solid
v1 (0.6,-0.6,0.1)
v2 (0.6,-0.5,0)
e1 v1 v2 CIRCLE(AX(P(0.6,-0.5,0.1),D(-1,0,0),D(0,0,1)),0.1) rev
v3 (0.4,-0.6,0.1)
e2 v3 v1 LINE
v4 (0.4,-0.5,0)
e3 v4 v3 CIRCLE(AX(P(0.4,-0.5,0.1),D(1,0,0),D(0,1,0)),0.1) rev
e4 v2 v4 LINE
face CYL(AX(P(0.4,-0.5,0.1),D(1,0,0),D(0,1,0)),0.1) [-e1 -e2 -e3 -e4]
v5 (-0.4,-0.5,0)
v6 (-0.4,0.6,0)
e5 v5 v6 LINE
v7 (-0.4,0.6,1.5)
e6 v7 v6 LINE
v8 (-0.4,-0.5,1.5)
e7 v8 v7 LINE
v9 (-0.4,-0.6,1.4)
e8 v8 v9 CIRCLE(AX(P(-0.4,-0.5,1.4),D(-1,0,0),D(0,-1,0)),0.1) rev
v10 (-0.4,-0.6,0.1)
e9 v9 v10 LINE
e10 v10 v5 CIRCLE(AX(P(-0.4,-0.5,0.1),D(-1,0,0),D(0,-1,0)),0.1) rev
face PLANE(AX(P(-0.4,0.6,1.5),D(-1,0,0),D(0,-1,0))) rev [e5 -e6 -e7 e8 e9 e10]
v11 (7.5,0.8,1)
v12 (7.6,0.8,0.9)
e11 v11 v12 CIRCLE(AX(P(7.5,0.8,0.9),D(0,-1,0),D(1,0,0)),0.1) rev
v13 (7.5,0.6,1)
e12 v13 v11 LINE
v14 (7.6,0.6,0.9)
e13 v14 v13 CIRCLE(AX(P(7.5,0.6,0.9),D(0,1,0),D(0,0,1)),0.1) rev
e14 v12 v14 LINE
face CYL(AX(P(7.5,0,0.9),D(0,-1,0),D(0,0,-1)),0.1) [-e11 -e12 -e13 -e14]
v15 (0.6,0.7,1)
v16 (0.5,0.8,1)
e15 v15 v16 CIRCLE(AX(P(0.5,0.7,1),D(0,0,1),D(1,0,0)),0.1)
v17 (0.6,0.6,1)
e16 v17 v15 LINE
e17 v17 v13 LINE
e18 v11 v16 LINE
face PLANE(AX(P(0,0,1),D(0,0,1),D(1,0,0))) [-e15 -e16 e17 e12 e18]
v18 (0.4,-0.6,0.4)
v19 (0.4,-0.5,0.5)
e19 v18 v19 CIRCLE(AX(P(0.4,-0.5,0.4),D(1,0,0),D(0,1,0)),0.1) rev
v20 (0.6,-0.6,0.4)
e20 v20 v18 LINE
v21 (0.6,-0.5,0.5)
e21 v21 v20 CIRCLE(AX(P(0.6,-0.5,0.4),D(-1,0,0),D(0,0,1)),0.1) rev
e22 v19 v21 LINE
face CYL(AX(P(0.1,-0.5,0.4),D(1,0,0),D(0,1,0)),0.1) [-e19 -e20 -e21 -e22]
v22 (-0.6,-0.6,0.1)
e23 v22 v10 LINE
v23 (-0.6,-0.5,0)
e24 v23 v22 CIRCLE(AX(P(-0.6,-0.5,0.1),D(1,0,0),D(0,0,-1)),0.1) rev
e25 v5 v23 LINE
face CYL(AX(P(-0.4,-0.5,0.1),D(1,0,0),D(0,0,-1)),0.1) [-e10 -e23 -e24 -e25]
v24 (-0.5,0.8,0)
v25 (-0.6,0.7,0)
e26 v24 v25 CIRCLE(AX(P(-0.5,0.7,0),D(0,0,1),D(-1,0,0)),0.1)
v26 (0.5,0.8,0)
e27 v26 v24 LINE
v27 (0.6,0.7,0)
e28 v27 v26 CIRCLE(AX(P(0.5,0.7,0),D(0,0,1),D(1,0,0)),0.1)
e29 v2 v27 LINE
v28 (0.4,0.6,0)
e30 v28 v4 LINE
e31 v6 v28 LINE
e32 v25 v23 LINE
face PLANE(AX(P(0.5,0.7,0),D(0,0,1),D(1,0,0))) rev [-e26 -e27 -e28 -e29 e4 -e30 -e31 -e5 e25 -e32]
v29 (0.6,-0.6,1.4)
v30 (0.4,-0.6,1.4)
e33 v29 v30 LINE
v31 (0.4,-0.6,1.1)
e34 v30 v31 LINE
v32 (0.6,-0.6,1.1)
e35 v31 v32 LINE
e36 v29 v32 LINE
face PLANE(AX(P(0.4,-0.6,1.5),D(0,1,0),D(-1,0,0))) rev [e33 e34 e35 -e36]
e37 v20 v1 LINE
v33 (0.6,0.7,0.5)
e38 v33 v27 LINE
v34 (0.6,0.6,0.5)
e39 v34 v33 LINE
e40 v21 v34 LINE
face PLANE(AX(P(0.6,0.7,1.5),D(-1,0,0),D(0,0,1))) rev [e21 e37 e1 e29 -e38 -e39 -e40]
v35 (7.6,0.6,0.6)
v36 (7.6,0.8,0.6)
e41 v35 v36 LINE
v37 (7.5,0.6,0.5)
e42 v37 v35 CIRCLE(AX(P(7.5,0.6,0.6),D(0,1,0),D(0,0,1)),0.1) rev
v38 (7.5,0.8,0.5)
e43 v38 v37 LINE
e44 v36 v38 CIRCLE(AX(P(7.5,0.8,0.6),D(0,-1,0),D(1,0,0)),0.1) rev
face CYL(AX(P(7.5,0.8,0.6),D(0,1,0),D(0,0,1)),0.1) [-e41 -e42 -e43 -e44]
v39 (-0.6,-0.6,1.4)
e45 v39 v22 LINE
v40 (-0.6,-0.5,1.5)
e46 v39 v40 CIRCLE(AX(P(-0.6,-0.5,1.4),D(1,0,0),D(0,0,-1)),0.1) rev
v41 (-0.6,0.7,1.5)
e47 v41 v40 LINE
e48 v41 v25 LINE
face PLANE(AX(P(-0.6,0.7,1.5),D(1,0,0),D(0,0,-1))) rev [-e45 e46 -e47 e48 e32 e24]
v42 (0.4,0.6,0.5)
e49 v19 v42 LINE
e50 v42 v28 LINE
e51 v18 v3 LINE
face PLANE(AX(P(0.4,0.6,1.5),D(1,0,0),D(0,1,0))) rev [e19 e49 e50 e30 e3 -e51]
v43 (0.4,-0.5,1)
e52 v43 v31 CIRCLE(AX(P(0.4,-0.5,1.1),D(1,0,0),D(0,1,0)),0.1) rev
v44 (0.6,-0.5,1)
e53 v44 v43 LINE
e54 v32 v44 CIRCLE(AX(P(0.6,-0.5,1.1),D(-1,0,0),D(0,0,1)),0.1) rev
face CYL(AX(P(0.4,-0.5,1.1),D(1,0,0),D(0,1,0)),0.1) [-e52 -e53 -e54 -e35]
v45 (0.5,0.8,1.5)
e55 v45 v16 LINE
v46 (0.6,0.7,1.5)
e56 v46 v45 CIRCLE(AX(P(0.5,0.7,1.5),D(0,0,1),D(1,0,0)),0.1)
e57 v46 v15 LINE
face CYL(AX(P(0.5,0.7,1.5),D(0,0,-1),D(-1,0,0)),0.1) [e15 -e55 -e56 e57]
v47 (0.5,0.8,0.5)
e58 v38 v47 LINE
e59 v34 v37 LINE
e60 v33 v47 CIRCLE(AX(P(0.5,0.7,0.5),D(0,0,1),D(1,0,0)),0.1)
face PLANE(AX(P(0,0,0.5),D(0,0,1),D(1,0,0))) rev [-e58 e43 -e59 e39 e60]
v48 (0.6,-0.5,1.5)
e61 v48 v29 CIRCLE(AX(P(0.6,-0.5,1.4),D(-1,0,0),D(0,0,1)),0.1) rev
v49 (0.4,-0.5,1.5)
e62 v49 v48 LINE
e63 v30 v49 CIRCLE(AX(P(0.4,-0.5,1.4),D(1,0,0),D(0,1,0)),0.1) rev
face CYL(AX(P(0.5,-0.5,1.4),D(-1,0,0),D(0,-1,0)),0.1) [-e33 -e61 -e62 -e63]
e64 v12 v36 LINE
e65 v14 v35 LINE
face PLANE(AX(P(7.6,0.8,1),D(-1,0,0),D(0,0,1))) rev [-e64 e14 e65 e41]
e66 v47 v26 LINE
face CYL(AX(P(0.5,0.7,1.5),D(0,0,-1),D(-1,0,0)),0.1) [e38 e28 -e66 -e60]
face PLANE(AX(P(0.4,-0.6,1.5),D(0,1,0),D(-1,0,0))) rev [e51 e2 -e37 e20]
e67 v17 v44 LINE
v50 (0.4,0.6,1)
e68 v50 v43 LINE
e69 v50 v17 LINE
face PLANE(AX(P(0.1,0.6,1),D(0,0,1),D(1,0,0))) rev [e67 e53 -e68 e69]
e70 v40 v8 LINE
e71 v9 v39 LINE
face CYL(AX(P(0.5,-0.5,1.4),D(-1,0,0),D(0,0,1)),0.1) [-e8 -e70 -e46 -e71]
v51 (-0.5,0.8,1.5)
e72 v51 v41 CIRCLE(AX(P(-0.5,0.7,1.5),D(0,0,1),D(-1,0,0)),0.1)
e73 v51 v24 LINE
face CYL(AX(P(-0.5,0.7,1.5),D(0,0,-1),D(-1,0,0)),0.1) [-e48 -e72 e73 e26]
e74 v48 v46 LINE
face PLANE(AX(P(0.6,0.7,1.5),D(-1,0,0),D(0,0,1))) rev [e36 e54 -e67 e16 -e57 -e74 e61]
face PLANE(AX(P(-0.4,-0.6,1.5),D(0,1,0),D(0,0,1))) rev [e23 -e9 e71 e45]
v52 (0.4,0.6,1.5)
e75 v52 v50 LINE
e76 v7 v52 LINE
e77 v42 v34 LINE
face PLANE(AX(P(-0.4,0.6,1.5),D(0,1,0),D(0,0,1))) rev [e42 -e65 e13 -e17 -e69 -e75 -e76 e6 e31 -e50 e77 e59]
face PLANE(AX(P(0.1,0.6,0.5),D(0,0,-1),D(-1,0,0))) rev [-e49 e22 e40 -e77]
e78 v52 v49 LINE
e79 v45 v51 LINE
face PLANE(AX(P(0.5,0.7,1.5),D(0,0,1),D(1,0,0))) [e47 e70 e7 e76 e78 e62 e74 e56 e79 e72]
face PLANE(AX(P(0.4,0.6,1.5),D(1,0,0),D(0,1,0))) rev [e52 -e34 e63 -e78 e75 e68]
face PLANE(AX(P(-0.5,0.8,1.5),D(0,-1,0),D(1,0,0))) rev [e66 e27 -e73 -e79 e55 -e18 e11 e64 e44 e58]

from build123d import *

# Parameters (mm, degrees)
BOSS_EXTRUDE1_DEPTH = 1.5
BOSS_EXTRUDE3_START = -1
SKETCH5_W           = 7.6
SKETCH5_H           = 0.2
BOSS_EXTRUDE3_DEPTH = 0.5
SKETCH6_W           = 0.5
SKETCH6_H           = 1.2
CUT_EXTRUDE2_DEPTH  = 0.5
FILLET2_R           = 0.1


with BuildPart() as part:
    # Sketch1 → Boss-Extrude1 (new body)
    with BuildSketch(Plane.XY):
        with BuildLine():
            Line((-0.6, 0.7), (-0.6, -0.6))
            Line((-0.6, -0.6), (-0.4, -0.6))
            Line((-0.4, -0.6), (-0.4, 0.6))
            Line((-0.4, 0.6), (0.4, 0.6))
            Line((0.4, 0.6), (0.4, -0.6))
            Line((0.4, -0.6), (0.6, -0.6))
            Line((0.6, -0.6), (0.6, 0.7))
            ThreePointArc((0.6, 0.7), (0.570710678, 0.770710678), (0.5, 0.8))
            Line((0.5, 0.8), (-0.5, 0.8))
            ThreePointArc((-0.5, 0.8), (-0.570710678, 0.770710678), (-0.6, 0.7))
        make_face()
    extrude(amount=BOSS_EXTRUDE1_DEPTH)

    # Sketch5 → Boss-Extrude3 (add)
    with BuildSketch(Plane.XY.offset(1.5).offset(BOSS_EXTRUDE3_START)):
        with Locations((3.8, 0.7)):
            Rectangle(SKETCH5_W, SKETCH5_H)
    extrude(amount=BOSS_EXTRUDE3_DEPTH)

    # Sketch6 → Cut-Extrude2 (cut)
    with BuildSketch(Plane(origin=(0.6, 0, 0), x_dir=(0, 0, -1), z_dir=(1, 0, 0))):
        with Locations((-0.75, 0)):
            Rectangle(SKETCH6_W, SKETCH6_H)
    extrude(amount=-CUT_EXTRUDE2_DEPTH, mode=Mode.SUBTRACT)

    # Fillet2
    fillet2_edges = [part.edges().sort_by_distance(p)[0] for p in [
        (-0.5, -0.6, 0),
        (0.5, -0.6, 0),
        (-0.5, -0.6, 1.5),
        (7.6, 0.7, 1),
        (7.6, 0.7, 0.5),
        (0.5, -0.6, 0.5),
        (0.5, -0.6, 1),
        (0.5, -0.6, 1.5),
    ]]
    fillet(fillet2_edges, radius=FILLET2_R)


solid = part.part
